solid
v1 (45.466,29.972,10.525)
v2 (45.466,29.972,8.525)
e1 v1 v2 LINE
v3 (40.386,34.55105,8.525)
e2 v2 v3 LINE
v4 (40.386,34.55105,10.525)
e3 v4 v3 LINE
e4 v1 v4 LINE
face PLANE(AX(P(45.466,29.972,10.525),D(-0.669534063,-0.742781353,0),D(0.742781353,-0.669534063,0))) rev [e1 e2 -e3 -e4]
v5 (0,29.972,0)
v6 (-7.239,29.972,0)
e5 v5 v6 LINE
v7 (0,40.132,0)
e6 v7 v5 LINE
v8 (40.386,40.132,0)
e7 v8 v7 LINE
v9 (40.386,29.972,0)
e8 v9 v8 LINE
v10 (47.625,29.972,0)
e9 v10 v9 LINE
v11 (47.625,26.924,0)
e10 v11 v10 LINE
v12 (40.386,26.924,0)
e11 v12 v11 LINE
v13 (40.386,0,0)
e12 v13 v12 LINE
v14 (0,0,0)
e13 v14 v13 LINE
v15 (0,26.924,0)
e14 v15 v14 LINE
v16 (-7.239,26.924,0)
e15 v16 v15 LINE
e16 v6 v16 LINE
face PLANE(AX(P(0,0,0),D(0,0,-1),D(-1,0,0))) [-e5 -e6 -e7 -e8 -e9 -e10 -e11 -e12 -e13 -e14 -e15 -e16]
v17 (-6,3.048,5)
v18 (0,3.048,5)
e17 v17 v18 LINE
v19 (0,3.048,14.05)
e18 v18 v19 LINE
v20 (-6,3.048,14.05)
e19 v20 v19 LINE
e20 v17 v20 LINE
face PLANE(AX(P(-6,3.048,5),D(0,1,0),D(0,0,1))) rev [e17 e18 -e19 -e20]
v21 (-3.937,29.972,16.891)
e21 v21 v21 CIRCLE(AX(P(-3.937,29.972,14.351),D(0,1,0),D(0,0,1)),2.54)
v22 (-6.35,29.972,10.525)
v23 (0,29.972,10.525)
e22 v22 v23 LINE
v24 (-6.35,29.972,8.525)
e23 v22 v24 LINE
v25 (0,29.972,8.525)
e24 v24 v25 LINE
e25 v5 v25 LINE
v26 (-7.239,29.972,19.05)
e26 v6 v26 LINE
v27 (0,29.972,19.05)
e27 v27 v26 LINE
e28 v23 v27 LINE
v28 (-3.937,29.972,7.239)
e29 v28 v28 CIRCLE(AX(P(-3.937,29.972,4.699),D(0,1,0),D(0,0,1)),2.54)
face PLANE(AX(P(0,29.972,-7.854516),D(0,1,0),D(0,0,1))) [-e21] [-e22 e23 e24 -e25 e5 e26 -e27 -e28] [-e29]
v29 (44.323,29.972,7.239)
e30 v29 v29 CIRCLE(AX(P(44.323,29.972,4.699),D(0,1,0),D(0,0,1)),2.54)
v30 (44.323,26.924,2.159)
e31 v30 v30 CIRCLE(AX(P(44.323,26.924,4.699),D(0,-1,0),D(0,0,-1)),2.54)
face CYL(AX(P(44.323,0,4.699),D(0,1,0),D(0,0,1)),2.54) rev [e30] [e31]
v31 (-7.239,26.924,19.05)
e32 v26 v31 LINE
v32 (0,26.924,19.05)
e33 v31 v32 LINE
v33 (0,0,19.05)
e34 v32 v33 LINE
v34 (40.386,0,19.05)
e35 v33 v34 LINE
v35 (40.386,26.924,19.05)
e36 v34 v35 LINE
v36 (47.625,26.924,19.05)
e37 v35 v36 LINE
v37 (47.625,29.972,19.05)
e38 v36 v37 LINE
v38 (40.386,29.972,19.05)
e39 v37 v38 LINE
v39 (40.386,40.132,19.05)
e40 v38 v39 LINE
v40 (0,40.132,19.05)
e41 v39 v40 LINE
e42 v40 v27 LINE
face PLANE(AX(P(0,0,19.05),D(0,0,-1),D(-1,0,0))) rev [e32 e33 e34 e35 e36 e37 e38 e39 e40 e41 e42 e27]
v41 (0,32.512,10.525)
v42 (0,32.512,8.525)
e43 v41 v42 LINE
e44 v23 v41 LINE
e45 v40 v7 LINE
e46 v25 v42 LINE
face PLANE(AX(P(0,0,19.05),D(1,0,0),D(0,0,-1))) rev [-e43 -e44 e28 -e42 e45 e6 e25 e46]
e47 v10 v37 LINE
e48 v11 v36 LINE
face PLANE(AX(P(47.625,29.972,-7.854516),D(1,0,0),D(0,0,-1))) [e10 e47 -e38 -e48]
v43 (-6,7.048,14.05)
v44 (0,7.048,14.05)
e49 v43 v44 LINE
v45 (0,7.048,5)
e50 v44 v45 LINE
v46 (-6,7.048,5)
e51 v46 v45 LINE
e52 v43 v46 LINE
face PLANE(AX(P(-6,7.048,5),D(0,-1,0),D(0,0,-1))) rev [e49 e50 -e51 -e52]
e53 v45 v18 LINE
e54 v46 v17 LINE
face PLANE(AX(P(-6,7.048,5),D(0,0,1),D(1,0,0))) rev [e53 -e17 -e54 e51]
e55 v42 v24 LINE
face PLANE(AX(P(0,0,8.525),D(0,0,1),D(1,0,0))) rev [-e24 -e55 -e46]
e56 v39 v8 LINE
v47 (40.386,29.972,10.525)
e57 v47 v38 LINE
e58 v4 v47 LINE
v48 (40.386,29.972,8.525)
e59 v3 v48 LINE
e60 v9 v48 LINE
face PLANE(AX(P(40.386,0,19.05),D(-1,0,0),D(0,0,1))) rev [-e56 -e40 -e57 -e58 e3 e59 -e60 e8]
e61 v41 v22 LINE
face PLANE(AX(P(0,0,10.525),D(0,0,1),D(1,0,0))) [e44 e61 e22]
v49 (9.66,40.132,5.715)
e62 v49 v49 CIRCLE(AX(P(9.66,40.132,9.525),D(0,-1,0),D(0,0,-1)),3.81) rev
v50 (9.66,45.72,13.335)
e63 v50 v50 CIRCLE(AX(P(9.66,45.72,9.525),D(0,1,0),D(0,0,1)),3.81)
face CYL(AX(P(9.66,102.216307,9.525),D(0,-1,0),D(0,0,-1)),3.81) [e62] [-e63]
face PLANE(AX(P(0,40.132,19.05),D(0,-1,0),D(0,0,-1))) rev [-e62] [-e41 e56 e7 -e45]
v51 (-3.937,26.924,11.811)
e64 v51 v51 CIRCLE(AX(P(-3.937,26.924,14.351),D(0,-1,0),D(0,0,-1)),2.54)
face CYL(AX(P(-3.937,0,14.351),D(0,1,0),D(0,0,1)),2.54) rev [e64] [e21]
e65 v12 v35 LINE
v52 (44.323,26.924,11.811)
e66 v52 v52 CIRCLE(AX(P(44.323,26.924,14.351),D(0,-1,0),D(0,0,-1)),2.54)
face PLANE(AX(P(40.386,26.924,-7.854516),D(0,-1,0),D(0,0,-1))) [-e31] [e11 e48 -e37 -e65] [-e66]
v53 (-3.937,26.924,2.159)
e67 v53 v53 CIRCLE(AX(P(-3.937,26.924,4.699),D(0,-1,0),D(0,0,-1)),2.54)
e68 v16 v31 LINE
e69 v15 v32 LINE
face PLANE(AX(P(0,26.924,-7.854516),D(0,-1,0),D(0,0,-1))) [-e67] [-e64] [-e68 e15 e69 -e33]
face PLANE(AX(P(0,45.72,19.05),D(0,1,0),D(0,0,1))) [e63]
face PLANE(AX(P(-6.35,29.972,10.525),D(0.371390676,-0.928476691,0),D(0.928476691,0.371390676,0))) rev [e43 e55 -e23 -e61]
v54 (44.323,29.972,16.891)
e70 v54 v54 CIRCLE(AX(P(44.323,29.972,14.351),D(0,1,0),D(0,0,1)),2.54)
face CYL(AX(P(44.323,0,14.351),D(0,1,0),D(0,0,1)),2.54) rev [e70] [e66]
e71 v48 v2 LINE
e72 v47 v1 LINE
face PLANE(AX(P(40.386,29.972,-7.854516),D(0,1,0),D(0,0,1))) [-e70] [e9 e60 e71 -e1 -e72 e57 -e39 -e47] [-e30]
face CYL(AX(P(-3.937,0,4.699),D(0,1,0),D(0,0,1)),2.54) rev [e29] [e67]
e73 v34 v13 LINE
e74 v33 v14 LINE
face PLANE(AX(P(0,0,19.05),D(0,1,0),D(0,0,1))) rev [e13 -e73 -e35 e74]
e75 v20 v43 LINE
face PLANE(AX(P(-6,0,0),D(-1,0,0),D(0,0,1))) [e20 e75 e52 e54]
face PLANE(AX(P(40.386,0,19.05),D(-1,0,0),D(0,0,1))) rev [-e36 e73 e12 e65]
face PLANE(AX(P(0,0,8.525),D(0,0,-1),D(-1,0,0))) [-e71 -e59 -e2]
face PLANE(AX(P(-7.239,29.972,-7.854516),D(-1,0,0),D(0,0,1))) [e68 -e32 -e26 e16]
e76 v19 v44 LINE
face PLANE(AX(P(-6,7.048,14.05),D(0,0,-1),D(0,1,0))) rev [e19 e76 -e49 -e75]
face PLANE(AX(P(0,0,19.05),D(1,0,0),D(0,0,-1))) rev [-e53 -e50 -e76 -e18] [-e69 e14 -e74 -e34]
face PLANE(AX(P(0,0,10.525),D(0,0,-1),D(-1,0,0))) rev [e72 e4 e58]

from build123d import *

# Parameters (mm, degrees)
SKETCH1_W               = 40.386
SKETCH1_H               = 40.132
BOSS_EXTRUDE1_DEPTH     = 19.05
SKETCH2_W               = 7.239
SKETCH2_H               = 3.048
BOSS_EXTRUDE2_DEPTH     = 19.05
SKETCH3_R               = 2.54
CUT_EXTRUDE1_DEPTH      = 11.16
CUT_EXTRUDE1_DEPTH_BACK = 30.972
SKETCH4_R               = 3.81
BOSS_EXTRUDE3_DEPTH     = 5.588
SKETCH5_W               = 9.05
SKETCH5_H               = 4
BOSS_EXTRUDE4_DEPTH     = 6
BOSS_EXTRUDE5_DEPTH     = 1


with BuildPart() as part:
    # Sketch1 → Boss-Extrude1 (new body)
    with BuildSketch(Plane.XY):
        with Locations((20.193, 20.066)):
            Rectangle(SKETCH1_W, SKETCH1_H)
    extrude(amount=BOSS_EXTRUDE1_DEPTH)

    # Sketch2 → Boss-Extrude2 (add)
    with BuildSketch(Plane.XY.offset(19.05)):
        with Locations((-3.6195, 28.448)):
            Rectangle(SKETCH2_W, SKETCH2_H)
        with Locations((44.0055, 28.448)):
            Rectangle(SKETCH2_W, SKETCH2_H)
    extrude(amount=-BOSS_EXTRUDE2_DEPTH)

    # Sketch3 → Cut-Extrude1 (cut, two sides)
    with BuildSketch(Plane(origin=(0, 29.972, 0), x_dir=(1, 0, 0), z_dir=(0, 1, 0))) as cut_extrude1_sk:
        with Locations((-3.937, -14.351)):
            Circle(SKETCH3_R)
        with Locations((-3.937, -4.699)):
            Circle(SKETCH3_R)
        with Locations((44.323, -14.351)):
            Circle(SKETCH3_R)
        with Locations((44.323, -4.699)):
            Circle(SKETCH3_R)
    extrude(amount=CUT_EXTRUDE1_DEPTH, mode=Mode.SUBTRACT)
    extrude(cut_extrude1_sk.sketch, amount=-CUT_EXTRUDE1_DEPTH_BACK, mode=Mode.SUBTRACT)

    # Sketch4 → Boss-Extrude3 (add)
    with BuildSketch(Plane(origin=(0, 40.132, 0), x_dir=(1, 0, 0), z_dir=(0, 1, 0))):
        with Locations((9.66, -9.525)):
            Circle(SKETCH4_R)
    extrude(amount=BOSS_EXTRUDE3_DEPTH)

    # Sketch5 → Boss-Extrude4 (add)
    with BuildSketch(Plane.ZY):
        with Locations((9.525, 5.048)):
            Rectangle(SKETCH5_W, SKETCH5_H)
    extrude(amount=BOSS_EXTRUDE4_DEPTH)

    # Sketch7 → Boss-Extrude5 (add, symmetric)
    with BuildSketch(Plane.XY.offset(9.525)):
        Polygon((-6.35, 29.972), (0, 32.512), (0, 29.972), align=None)
        Polygon((45.466, 29.972), (40.386, 34.55105012), (40.386, 29.972), align=None)
    extrude(amount=BOSS_EXTRUDE5_DEPTH, both=True)


solid = part.part
